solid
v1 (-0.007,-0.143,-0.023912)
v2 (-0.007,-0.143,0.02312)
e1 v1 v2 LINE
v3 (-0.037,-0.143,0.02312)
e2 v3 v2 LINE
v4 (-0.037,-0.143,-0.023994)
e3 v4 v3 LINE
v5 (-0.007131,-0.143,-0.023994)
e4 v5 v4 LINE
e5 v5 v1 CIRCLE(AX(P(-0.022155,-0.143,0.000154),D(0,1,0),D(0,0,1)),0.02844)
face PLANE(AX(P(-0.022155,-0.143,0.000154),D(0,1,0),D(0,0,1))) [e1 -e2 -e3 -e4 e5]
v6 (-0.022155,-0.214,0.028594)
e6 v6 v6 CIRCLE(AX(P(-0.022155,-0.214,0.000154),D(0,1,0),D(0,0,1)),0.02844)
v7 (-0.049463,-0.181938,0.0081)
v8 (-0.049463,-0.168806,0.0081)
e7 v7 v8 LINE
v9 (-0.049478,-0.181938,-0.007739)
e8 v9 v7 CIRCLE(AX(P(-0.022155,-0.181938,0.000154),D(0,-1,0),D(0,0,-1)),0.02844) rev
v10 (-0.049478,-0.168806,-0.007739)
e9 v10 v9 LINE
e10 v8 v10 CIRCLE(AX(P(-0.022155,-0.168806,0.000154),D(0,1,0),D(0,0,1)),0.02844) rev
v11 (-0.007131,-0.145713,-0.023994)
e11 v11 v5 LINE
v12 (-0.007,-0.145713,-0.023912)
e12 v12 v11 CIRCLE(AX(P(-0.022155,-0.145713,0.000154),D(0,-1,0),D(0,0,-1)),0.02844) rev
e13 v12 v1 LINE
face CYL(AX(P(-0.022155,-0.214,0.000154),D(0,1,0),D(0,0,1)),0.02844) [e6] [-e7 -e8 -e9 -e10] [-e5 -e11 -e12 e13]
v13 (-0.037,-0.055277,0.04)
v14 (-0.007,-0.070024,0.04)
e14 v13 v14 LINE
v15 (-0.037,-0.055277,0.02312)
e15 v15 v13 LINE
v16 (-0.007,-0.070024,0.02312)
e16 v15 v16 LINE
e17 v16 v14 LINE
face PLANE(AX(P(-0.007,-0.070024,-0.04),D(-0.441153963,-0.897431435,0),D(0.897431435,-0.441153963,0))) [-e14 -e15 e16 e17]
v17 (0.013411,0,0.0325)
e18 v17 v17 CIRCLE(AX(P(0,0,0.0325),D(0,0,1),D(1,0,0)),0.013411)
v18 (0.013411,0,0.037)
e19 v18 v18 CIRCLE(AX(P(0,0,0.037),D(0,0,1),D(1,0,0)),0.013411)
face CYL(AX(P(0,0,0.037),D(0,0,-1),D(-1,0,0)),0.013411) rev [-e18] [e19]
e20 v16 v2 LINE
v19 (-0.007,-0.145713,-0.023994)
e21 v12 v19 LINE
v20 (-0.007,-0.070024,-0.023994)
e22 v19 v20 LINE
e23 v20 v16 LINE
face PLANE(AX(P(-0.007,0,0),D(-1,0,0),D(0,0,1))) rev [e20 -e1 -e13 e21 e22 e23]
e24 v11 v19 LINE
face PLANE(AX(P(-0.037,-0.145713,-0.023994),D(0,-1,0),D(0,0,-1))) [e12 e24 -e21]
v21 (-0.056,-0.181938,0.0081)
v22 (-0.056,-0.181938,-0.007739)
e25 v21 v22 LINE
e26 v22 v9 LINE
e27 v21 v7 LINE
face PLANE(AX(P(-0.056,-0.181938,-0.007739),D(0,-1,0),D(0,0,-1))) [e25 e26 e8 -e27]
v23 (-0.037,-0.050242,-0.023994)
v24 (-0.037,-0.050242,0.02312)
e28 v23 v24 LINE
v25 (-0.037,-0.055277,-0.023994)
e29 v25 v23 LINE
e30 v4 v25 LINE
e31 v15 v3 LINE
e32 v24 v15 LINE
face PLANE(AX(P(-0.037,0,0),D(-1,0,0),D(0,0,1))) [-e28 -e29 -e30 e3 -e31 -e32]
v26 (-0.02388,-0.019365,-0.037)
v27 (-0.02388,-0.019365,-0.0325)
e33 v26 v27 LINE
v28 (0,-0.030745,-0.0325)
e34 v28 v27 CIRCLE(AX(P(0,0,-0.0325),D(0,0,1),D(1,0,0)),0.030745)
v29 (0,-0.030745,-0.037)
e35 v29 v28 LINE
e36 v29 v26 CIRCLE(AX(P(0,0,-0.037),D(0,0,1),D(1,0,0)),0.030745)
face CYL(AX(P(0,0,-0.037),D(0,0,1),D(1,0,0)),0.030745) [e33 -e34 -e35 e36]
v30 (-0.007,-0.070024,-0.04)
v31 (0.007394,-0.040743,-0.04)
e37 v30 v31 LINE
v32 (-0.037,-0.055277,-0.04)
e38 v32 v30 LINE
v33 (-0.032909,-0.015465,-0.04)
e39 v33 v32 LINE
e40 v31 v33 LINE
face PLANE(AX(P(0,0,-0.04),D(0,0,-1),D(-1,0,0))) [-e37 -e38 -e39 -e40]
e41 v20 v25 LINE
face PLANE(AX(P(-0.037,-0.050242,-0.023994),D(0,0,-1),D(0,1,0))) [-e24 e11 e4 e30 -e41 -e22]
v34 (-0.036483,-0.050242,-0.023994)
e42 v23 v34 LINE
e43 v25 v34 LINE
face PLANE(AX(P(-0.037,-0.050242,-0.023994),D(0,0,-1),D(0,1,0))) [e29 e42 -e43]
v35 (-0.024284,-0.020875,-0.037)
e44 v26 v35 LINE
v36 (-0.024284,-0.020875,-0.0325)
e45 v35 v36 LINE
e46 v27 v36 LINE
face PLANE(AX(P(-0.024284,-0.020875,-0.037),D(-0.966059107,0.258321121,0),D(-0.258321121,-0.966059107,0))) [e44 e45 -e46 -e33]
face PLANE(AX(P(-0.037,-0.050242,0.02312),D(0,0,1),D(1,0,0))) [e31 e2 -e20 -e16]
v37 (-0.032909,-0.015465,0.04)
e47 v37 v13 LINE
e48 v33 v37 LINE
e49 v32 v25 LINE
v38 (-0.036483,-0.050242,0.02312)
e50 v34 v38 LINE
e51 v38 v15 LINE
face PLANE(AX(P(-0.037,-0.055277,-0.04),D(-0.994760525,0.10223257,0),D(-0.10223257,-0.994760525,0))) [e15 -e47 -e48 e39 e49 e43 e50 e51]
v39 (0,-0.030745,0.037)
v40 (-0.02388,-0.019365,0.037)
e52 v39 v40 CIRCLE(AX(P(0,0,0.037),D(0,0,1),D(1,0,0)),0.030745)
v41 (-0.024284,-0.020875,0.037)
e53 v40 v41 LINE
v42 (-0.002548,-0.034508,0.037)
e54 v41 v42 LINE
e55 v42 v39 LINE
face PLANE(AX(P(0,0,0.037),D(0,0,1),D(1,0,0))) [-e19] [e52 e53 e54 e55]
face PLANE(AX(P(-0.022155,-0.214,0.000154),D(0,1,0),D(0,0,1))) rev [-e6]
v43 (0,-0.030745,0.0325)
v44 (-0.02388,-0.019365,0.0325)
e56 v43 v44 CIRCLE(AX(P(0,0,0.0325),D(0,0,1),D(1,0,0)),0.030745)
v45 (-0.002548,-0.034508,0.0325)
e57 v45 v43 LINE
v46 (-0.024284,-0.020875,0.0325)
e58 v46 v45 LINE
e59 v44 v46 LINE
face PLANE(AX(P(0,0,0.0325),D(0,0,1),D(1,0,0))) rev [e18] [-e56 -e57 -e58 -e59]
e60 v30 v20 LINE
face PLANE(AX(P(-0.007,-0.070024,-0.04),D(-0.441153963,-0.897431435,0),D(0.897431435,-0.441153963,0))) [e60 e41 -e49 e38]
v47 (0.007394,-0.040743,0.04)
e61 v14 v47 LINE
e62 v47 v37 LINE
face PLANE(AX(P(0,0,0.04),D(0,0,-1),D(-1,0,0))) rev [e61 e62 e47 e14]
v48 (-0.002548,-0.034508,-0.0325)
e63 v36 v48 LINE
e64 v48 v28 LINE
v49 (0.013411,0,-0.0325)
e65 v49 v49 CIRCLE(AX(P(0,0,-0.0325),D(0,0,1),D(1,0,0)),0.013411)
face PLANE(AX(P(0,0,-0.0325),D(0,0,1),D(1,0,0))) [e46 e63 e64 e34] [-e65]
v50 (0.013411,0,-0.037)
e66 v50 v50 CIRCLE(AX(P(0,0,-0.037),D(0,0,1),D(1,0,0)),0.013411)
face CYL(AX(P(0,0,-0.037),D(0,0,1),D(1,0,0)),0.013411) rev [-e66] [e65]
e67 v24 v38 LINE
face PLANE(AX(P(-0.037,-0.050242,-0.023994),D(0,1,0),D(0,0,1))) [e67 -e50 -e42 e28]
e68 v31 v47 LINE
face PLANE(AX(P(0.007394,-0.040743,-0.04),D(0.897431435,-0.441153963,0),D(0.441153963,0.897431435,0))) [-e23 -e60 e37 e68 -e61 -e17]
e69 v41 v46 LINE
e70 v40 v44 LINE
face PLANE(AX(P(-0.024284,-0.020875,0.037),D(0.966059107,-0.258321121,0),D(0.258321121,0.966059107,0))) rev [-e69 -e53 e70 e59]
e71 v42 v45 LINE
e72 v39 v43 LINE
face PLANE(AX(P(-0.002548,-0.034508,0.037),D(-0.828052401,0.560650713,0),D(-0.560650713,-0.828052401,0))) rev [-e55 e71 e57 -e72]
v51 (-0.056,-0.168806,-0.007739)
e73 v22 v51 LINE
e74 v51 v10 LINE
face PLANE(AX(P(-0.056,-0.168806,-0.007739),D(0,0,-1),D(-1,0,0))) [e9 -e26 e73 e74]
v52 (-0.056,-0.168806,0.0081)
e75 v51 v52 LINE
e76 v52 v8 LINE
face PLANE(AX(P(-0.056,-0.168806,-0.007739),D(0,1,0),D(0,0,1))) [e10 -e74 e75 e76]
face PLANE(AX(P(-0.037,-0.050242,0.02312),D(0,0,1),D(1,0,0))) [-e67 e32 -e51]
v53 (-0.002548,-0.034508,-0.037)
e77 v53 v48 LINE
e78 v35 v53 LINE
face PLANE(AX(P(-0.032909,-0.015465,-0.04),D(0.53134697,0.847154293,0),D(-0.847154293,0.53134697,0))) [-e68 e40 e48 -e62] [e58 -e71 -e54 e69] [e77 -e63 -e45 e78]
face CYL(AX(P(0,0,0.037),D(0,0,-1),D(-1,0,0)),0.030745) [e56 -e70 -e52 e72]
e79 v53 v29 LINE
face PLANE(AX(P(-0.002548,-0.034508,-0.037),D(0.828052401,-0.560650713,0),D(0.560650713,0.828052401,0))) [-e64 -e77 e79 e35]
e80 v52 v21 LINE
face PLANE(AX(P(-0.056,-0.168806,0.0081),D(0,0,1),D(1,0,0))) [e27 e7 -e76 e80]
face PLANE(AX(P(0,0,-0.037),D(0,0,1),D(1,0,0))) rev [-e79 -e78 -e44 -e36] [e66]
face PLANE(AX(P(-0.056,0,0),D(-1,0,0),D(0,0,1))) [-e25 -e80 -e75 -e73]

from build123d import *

# Parameters (mm, degrees)
BOSS_EXTRUDE1_START      = -0.143
SKETCH1_R                = 0.028440267
BOSS_EXTRUDE1_DEPTH      = 0.071
SKETCH2_W                = 0.015839442
SKETCH2_H                = 0.013131845
BOSS_EXTRUDE2_DEPTH      = 0.056
BOSS_EXTRUDE3_START      = -0.007
SKETCH3_W                = 0.047113502
SKETCH3_H                = 0.095471257
BOSS_EXTRUDE3_DEPTH      = 0.03
BOSS_EXTRUDE4_DEPTH      = 0.04
BOSS_EXTRUDE4_DEPTH_BACK = 0.04
BOSS_EXTRUDE5_START      = 0.0325
SKETCH6_R                = 0.013410772
BOSS_EXTRUDE5_DEPTH      = 0.0045
BOSS_EXTRUDE6_START      = -0.037
SKETCH6_3_R              = 0.013410772
BOSS_EXTRUDE6_DEPTH      = 0.0045


with BuildPart() as part:
    # Sketch1 → Boss-Extrude1 (new body)
    with BuildSketch(Plane(origin=(0, 0, 0), x_dir=(1, 0, 0), z_dir=(0, 1, 0)).offset(BOSS_EXTRUDE1_START)):
        with Locations((-0.022155362, -0.000154163)):
            Circle(SKETCH1_R)
    extrude(amount=-BOSS_EXTRUDE1_DEPTH)

    # Sketch2 → Boss-Extrude2 (add)
    with BuildSketch(Plane(origin=(0, 0, 0), x_dir=(0, 0, -1), z_dir=(1, 0, 0))):
        with Locations((-0.000180717, -0.175372091)):
            Rectangle(SKETCH2_W, SKETCH2_H)
    extrude(amount=-BOSS_EXTRUDE2_DEPTH)

    # Sketch3 → Boss-Extrude3 (add)
    with BuildSketch(Plane(origin=(0, 0, 0), x_dir=(0, 0, -1), z_dir=(1, 0, 0)).offset(BOSS_EXTRUDE3_START)):
        with Locations((0.000437164, -0.097977702)):
            Rectangle(SKETCH3_W, SKETCH3_H)
    extrude(amount=-BOSS_EXTRUDE3_DEPTH)

    # Sketch4 → Boss-Extrude4 (add, two sides: drawn at the far end of the back side and taken through both)
    with BuildSketch(Plane.XY.offset(-BOSS_EXTRUDE4_DEPTH_BACK)):
        Polygon((0.007393718, -0.040743365), (-0.007, -0.070024242), (-0.037, -0.055277022), (-0.032908503, -0.01546525), align=None)
    extrude(amount=BOSS_EXTRUDE4_DEPTH + BOSS_EXTRUDE4_DEPTH_BACK)

    # Sketch6 → Boss-Extrude5 (add)
    with BuildSketch(Plane.XY.offset(BOSS_EXTRUDE5_START)):
        with BuildLine():
            Line((-0.024284044, -0.020874631), (-0.023880316, -0.019364786))
            ThreePointArc((-0.023880316, -0.019364786), (0.013226699, 0.027754618), (0, -0.030745152))
            Line((0, -0.030745152), (-0.002547697, -0.034507971))
            Line((-0.002547697, -0.034507971), (-0.024284044, -0.020874631))
        make_face()
        Circle(SKETCH6_R, mode=Mode.SUBTRACT)
    extrude(amount=BOSS_EXTRUDE5_DEPTH)

    # Sketch6<3> → Boss-Extrude6 (add)
    with BuildSketch(Plane.XY.offset(BOSS_EXTRUDE6_START)):
        with BuildLine():
            Line((-0.024284044, -0.020874631), (-0.023880316, -0.019364786))
            ThreePointArc((-0.023880316, -0.019364786), (0.013226699, 0.027754618), (0, -0.030745152))
            Line((0, -0.030745152), (-0.002547697, -0.034507971))
            Line((-0.002547697, -0.034507971), (-0.024284044, -0.020874631))
        make_face()
        Circle(SKETCH6_3_R, mode=Mode.SUBTRACT)
    extrude(amount=BOSS_EXTRUDE6_DEPTH)


solid = part.part
